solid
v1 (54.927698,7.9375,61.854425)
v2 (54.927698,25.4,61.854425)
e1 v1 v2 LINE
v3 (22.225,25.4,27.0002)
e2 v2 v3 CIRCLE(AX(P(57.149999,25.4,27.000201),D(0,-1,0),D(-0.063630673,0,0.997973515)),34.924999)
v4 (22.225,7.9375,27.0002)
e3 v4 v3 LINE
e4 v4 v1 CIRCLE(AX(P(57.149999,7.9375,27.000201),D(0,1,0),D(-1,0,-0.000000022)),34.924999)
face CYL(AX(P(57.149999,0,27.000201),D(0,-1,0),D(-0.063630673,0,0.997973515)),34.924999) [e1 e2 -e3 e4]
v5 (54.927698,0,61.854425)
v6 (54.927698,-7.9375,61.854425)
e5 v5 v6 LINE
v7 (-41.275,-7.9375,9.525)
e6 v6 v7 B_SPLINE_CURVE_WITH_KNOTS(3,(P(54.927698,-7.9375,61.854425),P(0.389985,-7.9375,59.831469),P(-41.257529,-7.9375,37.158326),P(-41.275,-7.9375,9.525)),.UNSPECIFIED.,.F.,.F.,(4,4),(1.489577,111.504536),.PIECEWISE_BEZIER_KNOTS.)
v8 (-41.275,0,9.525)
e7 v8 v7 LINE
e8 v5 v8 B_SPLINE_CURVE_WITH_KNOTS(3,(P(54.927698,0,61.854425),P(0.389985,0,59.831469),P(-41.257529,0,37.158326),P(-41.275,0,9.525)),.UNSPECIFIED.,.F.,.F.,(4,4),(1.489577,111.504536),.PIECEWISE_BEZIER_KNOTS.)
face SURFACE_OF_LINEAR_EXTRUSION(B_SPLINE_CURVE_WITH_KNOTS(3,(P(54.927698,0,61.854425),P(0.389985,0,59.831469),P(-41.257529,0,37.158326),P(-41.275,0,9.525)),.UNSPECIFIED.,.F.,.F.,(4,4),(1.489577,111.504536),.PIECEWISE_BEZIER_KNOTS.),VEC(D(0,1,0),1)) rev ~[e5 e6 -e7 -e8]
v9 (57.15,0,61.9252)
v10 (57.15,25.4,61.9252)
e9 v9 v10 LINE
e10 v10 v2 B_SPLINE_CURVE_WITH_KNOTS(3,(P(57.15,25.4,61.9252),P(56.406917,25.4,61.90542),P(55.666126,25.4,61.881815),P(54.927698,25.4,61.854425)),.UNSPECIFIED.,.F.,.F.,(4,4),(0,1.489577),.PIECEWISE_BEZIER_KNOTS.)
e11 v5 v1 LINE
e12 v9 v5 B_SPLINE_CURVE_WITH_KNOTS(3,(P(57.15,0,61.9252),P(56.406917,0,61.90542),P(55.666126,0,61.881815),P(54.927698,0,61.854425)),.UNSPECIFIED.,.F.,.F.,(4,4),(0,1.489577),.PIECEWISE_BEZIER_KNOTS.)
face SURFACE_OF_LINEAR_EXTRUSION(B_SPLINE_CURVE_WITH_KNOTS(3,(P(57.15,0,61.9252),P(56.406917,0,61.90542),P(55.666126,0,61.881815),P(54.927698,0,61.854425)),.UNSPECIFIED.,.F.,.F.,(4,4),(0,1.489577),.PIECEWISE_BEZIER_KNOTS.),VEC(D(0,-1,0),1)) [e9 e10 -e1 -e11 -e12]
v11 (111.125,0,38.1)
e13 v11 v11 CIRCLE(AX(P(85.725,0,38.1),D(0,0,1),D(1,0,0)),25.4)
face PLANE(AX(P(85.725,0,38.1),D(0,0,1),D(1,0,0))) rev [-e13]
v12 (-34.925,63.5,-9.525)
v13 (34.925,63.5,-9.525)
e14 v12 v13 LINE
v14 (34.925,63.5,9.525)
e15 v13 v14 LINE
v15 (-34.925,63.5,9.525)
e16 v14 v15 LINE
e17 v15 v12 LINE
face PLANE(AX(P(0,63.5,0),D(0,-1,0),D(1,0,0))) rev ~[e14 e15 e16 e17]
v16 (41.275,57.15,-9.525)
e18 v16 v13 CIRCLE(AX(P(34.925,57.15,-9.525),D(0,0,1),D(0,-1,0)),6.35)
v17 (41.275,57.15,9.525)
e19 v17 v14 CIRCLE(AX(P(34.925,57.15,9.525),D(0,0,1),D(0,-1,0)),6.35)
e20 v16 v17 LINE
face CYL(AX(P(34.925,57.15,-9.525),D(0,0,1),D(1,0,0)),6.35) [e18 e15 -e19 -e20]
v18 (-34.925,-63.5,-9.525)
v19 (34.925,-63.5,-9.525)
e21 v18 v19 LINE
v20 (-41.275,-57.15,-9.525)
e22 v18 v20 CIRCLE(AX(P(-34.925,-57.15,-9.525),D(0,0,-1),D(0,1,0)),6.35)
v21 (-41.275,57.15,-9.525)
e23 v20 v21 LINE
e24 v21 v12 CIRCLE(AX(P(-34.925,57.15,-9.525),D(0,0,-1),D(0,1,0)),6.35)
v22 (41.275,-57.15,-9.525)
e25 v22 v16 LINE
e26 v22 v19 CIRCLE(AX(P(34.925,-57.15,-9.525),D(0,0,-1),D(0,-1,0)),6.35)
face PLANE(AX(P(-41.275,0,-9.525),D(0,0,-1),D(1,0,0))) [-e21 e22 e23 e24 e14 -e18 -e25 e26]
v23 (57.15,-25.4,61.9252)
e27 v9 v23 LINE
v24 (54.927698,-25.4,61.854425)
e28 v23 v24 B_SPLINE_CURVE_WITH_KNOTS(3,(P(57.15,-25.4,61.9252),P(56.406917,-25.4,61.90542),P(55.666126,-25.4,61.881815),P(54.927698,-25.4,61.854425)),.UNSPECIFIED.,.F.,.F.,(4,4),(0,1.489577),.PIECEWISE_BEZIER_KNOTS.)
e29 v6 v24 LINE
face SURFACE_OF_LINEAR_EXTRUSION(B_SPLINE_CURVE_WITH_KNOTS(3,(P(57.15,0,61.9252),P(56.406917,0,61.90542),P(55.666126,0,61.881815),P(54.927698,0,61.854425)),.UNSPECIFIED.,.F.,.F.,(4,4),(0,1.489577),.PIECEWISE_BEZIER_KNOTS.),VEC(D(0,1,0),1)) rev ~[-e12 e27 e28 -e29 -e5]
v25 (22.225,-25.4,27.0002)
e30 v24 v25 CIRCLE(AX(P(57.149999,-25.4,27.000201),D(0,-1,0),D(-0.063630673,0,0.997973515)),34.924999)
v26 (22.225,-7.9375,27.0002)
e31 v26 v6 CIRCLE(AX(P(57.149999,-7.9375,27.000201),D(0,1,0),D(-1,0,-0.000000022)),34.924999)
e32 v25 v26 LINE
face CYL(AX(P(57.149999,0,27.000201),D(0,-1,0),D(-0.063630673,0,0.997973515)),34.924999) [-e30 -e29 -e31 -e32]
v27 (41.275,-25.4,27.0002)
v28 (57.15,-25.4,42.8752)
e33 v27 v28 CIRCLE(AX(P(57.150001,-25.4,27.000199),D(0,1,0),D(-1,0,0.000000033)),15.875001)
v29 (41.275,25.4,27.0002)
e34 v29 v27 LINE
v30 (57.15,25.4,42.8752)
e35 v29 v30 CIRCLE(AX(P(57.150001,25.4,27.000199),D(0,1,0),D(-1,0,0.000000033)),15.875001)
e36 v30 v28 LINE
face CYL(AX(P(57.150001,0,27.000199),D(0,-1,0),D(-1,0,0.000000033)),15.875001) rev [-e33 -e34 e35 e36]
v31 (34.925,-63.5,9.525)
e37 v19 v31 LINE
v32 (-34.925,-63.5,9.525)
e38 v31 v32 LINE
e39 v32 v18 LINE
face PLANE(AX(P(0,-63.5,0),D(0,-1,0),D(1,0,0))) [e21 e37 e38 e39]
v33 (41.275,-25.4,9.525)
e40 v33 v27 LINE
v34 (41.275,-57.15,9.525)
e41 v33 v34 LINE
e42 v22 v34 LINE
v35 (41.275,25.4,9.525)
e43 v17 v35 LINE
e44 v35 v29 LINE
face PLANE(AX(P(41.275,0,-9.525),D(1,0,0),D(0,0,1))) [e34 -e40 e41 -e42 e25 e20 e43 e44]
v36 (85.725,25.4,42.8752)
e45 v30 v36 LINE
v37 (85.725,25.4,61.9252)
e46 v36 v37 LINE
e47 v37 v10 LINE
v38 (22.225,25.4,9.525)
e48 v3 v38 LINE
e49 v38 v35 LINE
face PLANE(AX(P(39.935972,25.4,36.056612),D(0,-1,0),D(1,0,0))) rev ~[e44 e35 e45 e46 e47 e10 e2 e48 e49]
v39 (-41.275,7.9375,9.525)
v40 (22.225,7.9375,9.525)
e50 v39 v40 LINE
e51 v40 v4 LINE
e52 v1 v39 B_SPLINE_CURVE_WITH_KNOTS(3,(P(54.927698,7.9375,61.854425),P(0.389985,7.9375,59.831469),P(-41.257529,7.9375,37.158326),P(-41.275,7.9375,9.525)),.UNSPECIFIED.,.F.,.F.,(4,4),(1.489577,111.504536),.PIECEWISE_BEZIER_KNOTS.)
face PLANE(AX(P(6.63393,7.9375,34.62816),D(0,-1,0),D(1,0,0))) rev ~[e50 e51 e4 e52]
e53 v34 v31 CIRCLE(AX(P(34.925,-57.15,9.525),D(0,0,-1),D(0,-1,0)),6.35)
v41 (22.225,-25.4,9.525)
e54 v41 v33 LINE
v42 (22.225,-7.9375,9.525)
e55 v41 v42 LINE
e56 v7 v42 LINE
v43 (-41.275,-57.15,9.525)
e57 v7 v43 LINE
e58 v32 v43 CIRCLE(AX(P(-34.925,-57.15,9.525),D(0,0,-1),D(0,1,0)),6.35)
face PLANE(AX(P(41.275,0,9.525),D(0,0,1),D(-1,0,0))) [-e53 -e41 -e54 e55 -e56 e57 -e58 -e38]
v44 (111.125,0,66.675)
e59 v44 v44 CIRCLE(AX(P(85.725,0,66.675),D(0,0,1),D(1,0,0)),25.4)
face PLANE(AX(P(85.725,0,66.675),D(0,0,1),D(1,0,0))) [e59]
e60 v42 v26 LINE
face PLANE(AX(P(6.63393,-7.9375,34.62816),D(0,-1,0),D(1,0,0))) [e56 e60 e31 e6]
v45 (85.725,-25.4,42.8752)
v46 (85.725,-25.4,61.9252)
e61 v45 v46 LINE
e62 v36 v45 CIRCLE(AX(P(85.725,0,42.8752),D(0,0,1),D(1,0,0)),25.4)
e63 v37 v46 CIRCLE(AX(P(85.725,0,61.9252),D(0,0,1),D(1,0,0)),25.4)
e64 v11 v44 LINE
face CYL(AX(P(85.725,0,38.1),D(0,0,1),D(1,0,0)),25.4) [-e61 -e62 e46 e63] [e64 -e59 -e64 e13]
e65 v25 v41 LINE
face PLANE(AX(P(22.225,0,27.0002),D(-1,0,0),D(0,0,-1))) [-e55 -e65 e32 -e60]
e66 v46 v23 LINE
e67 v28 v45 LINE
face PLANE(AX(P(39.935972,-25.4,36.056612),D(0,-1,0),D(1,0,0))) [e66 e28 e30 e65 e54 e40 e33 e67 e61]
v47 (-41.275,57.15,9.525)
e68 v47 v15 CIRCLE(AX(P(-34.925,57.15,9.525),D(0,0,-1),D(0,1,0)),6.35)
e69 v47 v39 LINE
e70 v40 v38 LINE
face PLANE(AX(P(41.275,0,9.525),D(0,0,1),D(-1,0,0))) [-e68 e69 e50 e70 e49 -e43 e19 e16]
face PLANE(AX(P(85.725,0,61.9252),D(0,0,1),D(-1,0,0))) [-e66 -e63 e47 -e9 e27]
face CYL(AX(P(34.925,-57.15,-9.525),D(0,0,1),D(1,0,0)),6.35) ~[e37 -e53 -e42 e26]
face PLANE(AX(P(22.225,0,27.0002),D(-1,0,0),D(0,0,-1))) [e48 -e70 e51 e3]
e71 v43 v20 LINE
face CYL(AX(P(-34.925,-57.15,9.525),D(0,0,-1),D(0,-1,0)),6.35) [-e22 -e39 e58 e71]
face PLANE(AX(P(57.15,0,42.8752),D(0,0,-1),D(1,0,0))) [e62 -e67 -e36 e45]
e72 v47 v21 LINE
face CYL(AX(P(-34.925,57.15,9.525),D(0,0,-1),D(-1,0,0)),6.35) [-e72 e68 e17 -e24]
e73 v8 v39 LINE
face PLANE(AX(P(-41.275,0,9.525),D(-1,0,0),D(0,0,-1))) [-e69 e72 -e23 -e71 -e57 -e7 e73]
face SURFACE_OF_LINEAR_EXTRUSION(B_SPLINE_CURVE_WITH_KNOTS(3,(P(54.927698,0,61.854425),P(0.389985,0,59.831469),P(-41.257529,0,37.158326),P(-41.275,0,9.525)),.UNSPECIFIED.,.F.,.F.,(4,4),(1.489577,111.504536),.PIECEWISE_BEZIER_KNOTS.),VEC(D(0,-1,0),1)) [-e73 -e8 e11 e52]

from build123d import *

# Parameters (mm, degrees)
F1_DEPTH = 63.5
F2_DEPTH = 25.4
F3_DEPTH = 7.9375
F5_R     = 6.35


with BuildPart() as f1:
    # F0 (on Front) → F1 (new body, symmetric)
    with BuildSketch(Plane.XZ):
        Polygon((41.275, -9.525), (41.275, 9.525), (22.225, 9.525), (-41.275, 9.525), (-41.275, -9.525), align=None)
    extrude(amount=F1_DEPTH, both=True)

    # F0 (on Front) → F2 (join, symmetric)
    with BuildSketch(Plane.XZ):
        with BuildLine():
            Line((22.225, 9.525), (41.275, 9.525))
            Line((41.275, 9.525), (41.275, 27.0002))
            ThreePointArc((41.275, 27.0002), (45.92468, 38.22552), (57.15, 42.8752))
            Line((57.15, 42.8752), (60.325, 42.8752))
            Line((60.325, 42.8752), (60.325, 61.9252))
            Line((60.325, 61.9252), (57.15, 61.9252))
            add(Edge.make_bspline(
                [(57.15, 61.9252), (56.406917, 61.90542), (55.666126, 61.881815), (54.927698, 61.854425)],
                knots=[0, 0, 0, 0, 1.489577, 1.489577, 1.489577, 1.489577], degree=3))
            ThreePointArc((54.927698, 61.854425), (31.680709, 50.897289), (22.225, 27.0002))
            Line((22.225, 27.0002), (22.225, 9.525))
        make_face()
        Polygon((60.325, 61.9252), (60.325, 42.8752), (78.02037, 42.8752), (85.725, 42.8752), (85.725, 61.9252), (78.02037, 61.9252), align=None)
    extrude(amount=F2_DEPTH, both=True)

    # F0 (on Front) → F3 (join, symmetric)
    with BuildSketch(Plane.XZ):
        with BuildLine():
            Line((-41.275, 9.525), (22.225, 9.525))
            Line((22.225, 9.525), (22.225, 27.0002))
            ThreePointArc((22.225, 27.0002), (31.680709, 50.897289), (54.927698, 61.854425))
            add(Edge.make_bspline(
                [(54.927698, 61.854425), (0.389985, 59.831469), (-41.257529, 37.158326), (-41.275, 9.525)],
                knots=[1.489577, 1.489577, 1.489577, 1.489577, 111.504536, 111.504536, 111.504536, 111.504536], degree=3))
        make_face()
    extrude(amount=F3_DEPTH, both=True)

    # F0 (on Front) → F4 (revolve)
    with BuildSketch(Plane.XZ):
        Polygon((85.725, 42.8752), (85.725, 38.1), (111.125, 38.1), (111.125, 66.675), (85.725, 66.675), (85.725, 61.9252), align=None)
    revolve(axis=Axis((85.725, 0, 52.3875), (0, 0, 1)))

    # F5
    f5_edges = [f1.edges().sort_by_distance(p)[0] for p in [
        (41.275, -63.5, 0),
        (-41.275, -63.5, 0),
        (-41.275, 63.5, 0),
        (41.275, 63.5, 0),
    ]]
    fillet(f5_edges, radius=F5_R)


solid = f1.part
